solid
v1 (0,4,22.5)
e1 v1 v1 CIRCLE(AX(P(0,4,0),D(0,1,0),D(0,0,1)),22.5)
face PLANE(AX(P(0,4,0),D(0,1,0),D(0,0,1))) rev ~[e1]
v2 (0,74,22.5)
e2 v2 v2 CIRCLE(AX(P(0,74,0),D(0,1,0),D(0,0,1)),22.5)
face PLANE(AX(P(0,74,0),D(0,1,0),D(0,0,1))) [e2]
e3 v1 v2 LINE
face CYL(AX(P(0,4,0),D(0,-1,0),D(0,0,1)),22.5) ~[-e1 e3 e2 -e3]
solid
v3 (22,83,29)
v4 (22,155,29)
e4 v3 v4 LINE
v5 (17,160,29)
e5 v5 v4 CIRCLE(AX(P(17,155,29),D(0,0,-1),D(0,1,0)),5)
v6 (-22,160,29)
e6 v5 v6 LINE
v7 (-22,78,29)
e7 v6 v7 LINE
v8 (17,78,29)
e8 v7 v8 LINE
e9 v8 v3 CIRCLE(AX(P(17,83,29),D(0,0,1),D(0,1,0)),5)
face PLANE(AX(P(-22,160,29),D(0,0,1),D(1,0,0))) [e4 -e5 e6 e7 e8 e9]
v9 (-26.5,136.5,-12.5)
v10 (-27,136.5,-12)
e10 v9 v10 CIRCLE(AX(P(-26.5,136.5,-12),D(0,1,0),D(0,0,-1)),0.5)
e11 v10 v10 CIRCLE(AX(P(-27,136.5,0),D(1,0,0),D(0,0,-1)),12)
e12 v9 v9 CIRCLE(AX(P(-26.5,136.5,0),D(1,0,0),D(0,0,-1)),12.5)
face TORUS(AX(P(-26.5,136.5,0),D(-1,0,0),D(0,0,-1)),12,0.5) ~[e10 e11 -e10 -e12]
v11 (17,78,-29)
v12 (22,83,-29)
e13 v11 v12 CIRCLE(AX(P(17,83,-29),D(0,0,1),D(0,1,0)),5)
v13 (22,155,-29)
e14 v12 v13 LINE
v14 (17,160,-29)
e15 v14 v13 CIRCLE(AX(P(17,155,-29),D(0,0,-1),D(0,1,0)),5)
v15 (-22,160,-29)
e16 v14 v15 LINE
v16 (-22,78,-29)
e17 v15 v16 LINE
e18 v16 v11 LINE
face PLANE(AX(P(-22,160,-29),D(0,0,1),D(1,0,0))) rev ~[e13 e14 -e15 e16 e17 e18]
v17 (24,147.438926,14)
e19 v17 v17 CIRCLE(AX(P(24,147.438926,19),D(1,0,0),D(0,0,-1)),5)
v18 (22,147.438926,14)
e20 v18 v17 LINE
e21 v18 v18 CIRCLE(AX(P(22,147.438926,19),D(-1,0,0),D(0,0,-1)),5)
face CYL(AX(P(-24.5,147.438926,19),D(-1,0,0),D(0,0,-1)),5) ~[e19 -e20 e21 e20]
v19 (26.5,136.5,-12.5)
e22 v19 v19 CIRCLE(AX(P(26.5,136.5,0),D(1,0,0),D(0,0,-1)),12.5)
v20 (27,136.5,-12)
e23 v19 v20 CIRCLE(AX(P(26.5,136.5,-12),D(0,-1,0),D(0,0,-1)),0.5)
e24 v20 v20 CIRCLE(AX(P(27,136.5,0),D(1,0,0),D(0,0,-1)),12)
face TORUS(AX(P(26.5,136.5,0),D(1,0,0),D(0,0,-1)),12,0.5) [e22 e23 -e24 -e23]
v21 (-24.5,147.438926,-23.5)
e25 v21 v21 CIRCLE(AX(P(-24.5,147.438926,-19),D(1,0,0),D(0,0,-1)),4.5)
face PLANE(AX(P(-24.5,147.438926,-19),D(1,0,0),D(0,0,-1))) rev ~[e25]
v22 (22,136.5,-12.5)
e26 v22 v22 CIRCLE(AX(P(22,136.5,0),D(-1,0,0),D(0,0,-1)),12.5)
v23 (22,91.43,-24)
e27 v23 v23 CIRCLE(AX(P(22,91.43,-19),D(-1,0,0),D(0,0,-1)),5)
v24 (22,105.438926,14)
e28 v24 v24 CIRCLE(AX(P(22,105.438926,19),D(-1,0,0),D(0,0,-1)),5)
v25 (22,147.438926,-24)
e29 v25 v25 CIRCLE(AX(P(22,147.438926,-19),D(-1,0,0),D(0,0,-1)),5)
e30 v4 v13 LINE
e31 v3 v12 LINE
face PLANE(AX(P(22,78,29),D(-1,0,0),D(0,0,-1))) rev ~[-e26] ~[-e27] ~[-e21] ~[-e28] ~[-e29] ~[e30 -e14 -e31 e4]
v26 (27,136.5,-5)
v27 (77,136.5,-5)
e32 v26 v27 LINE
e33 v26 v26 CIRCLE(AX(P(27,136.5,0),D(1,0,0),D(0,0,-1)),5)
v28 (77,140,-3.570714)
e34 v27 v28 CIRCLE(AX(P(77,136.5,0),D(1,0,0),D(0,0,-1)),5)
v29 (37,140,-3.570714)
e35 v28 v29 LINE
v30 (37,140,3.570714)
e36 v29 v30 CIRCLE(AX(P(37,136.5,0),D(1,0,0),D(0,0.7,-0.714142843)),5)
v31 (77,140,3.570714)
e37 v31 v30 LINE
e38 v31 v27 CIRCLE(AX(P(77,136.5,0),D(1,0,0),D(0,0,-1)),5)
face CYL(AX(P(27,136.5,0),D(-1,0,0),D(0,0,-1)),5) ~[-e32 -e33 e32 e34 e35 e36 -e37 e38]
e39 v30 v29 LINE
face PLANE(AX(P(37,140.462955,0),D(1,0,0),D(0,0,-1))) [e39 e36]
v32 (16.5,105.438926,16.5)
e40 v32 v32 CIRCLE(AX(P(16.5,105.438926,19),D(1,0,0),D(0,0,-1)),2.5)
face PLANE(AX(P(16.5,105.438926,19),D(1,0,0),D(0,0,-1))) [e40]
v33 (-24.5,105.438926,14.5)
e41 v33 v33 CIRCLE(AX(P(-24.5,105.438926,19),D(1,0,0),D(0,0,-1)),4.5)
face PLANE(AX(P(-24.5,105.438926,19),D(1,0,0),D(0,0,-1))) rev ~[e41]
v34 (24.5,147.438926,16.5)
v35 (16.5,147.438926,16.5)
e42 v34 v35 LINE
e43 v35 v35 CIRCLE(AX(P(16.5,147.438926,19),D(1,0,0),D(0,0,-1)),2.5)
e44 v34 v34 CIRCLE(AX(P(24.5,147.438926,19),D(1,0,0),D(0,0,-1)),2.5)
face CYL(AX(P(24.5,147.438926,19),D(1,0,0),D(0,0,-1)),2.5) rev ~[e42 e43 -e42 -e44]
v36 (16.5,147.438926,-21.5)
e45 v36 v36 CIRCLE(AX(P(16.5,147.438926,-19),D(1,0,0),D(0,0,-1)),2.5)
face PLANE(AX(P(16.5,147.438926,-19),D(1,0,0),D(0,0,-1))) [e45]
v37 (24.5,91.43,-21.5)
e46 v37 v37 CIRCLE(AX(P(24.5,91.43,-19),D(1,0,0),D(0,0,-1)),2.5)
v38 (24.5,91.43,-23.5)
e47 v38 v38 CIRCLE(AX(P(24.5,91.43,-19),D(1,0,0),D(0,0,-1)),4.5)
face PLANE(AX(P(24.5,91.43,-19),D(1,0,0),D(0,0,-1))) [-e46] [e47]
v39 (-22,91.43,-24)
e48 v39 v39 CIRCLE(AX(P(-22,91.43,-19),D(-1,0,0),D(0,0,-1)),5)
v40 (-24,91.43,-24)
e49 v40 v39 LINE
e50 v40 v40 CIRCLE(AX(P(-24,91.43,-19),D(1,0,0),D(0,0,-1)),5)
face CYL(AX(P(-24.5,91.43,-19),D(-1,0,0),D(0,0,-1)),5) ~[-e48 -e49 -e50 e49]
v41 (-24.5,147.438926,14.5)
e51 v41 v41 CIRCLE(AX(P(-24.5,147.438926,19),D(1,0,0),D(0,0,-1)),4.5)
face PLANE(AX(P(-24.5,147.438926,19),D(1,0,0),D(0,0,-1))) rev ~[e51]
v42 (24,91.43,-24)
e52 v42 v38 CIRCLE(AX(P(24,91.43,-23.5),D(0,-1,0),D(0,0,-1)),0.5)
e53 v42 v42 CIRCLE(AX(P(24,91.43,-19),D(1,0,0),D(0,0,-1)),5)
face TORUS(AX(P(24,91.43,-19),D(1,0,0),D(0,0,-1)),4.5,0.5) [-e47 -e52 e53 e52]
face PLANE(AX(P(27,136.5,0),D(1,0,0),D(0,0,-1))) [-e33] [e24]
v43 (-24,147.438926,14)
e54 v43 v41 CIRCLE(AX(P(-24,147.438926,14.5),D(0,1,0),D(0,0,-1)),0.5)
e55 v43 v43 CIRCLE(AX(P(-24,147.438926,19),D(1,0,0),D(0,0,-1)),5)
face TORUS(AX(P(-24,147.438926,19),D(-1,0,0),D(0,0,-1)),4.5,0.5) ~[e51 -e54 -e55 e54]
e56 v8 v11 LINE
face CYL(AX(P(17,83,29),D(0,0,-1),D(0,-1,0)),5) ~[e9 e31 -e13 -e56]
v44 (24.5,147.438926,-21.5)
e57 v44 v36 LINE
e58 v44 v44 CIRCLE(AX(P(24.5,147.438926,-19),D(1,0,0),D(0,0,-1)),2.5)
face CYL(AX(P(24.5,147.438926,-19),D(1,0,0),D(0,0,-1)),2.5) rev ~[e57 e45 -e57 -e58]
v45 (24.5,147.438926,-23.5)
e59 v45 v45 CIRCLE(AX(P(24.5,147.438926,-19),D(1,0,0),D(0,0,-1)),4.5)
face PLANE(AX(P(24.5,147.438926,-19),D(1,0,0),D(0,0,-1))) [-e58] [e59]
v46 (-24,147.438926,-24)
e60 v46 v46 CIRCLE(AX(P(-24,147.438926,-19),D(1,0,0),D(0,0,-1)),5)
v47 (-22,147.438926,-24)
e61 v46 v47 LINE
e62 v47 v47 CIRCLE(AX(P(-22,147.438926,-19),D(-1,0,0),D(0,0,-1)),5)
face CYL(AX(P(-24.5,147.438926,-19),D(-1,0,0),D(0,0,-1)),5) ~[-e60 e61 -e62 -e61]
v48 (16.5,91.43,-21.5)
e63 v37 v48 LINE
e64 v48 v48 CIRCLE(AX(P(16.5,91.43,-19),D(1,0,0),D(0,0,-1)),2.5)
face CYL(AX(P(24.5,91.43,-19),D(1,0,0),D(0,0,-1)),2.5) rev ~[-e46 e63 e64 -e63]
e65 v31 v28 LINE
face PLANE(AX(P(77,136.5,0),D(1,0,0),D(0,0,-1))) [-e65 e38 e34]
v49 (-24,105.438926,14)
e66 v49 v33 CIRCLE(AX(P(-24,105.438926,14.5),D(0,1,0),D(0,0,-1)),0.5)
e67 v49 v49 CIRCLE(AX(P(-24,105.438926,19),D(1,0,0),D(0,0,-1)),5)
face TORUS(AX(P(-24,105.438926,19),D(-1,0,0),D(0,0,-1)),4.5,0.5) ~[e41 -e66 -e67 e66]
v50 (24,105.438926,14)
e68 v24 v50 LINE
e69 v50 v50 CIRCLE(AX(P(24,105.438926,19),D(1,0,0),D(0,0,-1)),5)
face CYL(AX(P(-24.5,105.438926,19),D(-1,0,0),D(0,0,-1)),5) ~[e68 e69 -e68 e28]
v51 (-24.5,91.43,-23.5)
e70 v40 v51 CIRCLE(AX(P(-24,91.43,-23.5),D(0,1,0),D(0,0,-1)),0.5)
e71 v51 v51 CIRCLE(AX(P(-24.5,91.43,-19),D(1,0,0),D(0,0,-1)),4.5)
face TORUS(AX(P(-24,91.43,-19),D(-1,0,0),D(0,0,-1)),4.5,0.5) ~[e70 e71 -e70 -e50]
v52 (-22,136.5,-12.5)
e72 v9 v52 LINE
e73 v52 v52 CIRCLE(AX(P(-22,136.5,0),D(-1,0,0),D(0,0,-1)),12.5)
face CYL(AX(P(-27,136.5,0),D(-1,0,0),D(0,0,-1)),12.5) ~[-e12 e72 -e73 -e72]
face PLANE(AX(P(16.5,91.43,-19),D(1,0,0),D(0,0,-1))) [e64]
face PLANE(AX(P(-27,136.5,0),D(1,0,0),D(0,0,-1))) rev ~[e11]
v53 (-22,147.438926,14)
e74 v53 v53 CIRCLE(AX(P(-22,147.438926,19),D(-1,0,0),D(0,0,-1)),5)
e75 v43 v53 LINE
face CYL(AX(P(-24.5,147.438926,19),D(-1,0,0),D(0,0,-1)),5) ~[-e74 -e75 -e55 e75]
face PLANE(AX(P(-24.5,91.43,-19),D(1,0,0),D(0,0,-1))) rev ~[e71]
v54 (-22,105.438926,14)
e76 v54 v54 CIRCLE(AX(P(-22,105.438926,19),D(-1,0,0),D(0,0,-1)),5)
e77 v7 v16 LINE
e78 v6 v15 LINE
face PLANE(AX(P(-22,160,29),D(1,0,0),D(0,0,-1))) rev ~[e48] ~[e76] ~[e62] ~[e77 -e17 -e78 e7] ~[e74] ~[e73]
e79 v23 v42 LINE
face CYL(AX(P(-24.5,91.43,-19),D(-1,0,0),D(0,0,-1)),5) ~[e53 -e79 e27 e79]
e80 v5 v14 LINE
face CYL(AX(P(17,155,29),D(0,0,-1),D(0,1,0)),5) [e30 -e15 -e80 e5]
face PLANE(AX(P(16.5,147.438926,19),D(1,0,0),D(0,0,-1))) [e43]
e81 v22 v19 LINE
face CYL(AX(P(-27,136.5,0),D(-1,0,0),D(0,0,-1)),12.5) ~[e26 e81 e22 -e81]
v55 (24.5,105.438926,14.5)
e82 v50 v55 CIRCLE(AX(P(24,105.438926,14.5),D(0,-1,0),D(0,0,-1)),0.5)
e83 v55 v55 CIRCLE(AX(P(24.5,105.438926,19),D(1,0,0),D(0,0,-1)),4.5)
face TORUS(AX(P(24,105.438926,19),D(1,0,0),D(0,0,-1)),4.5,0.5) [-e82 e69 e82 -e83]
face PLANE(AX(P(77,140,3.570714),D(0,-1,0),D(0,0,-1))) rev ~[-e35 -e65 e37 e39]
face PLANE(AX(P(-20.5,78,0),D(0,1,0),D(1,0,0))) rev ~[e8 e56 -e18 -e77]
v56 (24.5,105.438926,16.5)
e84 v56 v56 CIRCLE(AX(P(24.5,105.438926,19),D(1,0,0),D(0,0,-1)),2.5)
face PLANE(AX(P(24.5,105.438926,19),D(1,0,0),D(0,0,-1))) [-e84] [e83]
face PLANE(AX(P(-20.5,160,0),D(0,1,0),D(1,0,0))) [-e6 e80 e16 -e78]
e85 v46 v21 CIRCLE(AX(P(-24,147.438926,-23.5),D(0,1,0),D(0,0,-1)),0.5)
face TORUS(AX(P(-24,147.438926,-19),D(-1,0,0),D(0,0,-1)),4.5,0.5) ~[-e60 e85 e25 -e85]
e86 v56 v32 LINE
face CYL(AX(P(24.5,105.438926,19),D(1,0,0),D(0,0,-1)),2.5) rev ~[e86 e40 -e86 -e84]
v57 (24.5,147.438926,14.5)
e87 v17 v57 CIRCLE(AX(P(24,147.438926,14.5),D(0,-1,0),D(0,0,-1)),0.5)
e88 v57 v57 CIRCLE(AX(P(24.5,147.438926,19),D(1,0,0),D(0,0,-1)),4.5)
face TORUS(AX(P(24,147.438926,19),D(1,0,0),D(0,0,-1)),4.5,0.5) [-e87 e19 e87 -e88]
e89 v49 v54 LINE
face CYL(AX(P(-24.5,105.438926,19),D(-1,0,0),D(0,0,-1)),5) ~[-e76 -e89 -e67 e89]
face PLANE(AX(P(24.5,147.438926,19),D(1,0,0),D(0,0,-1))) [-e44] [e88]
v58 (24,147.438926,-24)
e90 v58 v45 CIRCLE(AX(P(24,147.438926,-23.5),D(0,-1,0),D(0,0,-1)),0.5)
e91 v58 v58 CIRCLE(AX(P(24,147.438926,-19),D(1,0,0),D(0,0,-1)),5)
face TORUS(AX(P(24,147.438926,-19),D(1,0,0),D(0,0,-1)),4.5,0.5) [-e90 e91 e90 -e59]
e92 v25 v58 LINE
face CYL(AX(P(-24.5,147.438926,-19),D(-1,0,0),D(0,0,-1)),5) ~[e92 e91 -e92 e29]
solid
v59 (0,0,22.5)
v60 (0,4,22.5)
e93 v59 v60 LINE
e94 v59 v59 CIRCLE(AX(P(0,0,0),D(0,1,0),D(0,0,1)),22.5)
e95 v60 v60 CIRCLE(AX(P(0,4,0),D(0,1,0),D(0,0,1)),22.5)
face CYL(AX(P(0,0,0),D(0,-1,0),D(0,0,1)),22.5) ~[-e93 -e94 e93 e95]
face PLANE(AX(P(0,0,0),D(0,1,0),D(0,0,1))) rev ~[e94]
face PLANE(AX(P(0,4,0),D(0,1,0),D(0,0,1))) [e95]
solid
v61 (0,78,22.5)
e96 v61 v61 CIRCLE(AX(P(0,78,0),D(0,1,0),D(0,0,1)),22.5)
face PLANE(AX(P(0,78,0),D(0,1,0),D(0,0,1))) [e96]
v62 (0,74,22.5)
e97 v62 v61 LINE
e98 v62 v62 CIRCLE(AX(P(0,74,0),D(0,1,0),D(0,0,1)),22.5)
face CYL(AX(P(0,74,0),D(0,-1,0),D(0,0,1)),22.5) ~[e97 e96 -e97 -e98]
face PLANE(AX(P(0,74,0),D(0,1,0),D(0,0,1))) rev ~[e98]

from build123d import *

# Parameters (mm, degrees)
SKETCH1_R                = 22.5
BOSS_EXTRUDE1_DEPTH      = 4
SKETCH2_R                = 22.5
BOSS_EXTRUDE2_DEPTH      = 70
SKETCH3_R                = 22.5
BOSS_EXTRUDE3_DEPTH      = 4
SKETCH4_W                = 44
SKETCH4_H                = 58
BOSS_EXTRUDE4_DEPTH      = 82
SKETCH5_W                = 3
SKETCH5_H                = 58
CUT_EXTRUDE1_DEPTH       = 82
SKETCH6_W                = 3
SKETCH6_H                = 58
BOSS_EXTRUDE5_DEPTH      = 82
BOSS_EXTRUDE6_DEPTH      = 5
BOSS_EXTRUDE6_DEPTH_BACK = 49
SKETCH7_R                = 12.5
SKETCH8_R                = 5
BOSS_EXTRUDE7_DEPTH      = 50
CUT_EXTRUDE2_DEPTH       = 40
BOSS_EXTRUDE8_DEPTH      = 2.5
BOSS_EXTRUDE8_DEPTH_BACK = 46.5
SKETCH10_R               = 5
SKETCH11_R               = 2.5
CUT_EXTRUDE3_DEPTH       = 8
FILLET1_R                = 5
FILLET2_R                = 0.5


with BuildPart() as part:
    # Sketch1 → Boss-Extrude1 (new body)
    with BuildSketch(Plane(origin=(0, 0, 0), x_dir=(1, 0, 0), z_dir=(0, 1, 0))):
        with Locations(Location((0, 0, 0), (0, 0, 270))):
            Circle(SKETCH1_R)
    extrude(amount=BOSS_EXTRUDE1_DEPTH)


with BuildPart() as body_2:
    # Sketch2 → Boss-Extrude2 (new body)
    with BuildSketch(Plane(origin=(0, 4, 0), x_dir=(1, 0, 0), z_dir=(0, 1, 0))):
        with Locations(Location((0, 0, 0), (0, 0, 270))):
            Circle(SKETCH2_R)
    extrude(amount=BOSS_EXTRUDE2_DEPTH)


with BuildPart() as body_3:
    # Sketch3 → Boss-Extrude3 (new body)
    with BuildSketch(Plane(origin=(0, 74, 0), x_dir=(1, 0, 0), z_dir=(0, 1, 0))):
        with Locations(Location((0, 0, 0), (0, 0, 270))):
            Circle(SKETCH3_R)
    extrude(amount=BOSS_EXTRUDE3_DEPTH)


with BuildPart() as body_4:
    # Sketch4 → Boss-Extrude4 (new body)
    with BuildSketch(Plane(origin=(0, 78, 0), x_dir=(1, 0, 0), z_dir=(0, 1, 0))):
        Rectangle(SKETCH4_W, SKETCH4_H)
    extrude(amount=BOSS_EXTRUDE4_DEPTH)

    # Sketch5 → Cut-Extrude1 (cut)
    with BuildSketch(Plane(origin=(0, 160, 0), x_dir=(1, 0, 0), z_dir=(0, 1, 0))):
        with Locations((-20.5, 0)):
            Rectangle(SKETCH5_W, SKETCH5_H)
    extrude(amount=-CUT_EXTRUDE1_DEPTH, mode=Mode.SUBTRACT)

    # Sketch7 → Boss-Extrude6 (add, two sides: drawn at the far end of the back side and taken through both)
    with BuildSketch(Plane(origin=(22, 0, 0), x_dir=(0, 0, -1), z_dir=(1, 0, 0)).offset(-BOSS_EXTRUDE6_DEPTH_BACK)):
        with Locations((0, 136.5)):
            Circle(SKETCH7_R)
    extrude(amount=BOSS_EXTRUDE6_DEPTH + BOSS_EXTRUDE6_DEPTH_BACK)

    # Sketch8 → Boss-Extrude7 (add)
    with BuildSketch(Plane(origin=(27, 0, 0), x_dir=(0, 0, -1), z_dir=(1, 0, 0))):
        with Locations((0, 136.5)):
            Circle(SKETCH8_R)
    extrude(amount=BOSS_EXTRUDE7_DEPTH)

    # Sketch9 → Cut-Extrude2 (cut)
    with BuildSketch(Plane(origin=(77, 0, 0), x_dir=(0, 0, -1), z_dir=(1, 0, 0))):
        with BuildLine():
            Line((-3.570714214, 140), (3.570714214, 140))
            ThreePointArc((3.570714214, 140), (0, 141.5), (-3.570714214, 140))
        make_face()
    extrude(amount=-CUT_EXTRUDE2_DEPTH, mode=Mode.SUBTRACT)



with BuildPart() as body_5:
    # Sketch6 → Boss-Extrude5 (new body)
    with BuildSketch(Plane(origin=(0, 160, 0), x_dir=(1, 0, 0), z_dir=(0, 1, 0))):
        with Locations((-20.5, 0)):
            Rectangle(SKETCH6_W, SKETCH6_H)
    extrude(amount=-BOSS_EXTRUDE5_DEPTH)


with BuildPart() as body_4_1:
    add(body_4.part)

    add(body_5.part)  # Boss-Extrude8 merges body 5
    # Sketch10 → Boss-Extrude8 (add, two sides: drawn at the far end of the back side and taken through both)
    with BuildSketch(Plane(origin=(22, 0, 0), x_dir=(0, 0, -1), z_dir=(1, 0, 0)).offset(-BOSS_EXTRUDE8_DEPTH_BACK)):
        with Locations((-19, 147.438925726)):
            Circle(SKETCH10_R)
        with Locations((-19, 105.438925726)):
            Circle(SKETCH10_R)
        with Locations((19, 147.438925726)):
            Circle(SKETCH10_R)
        with Locations((19, 91.43)):
            Circle(SKETCH10_R)
    extrude(amount=BOSS_EXTRUDE8_DEPTH + BOSS_EXTRUDE8_DEPTH_BACK)

    # Sketch11 → Cut-Extrude3 (cut)
    with BuildSketch(Plane(origin=(24.5, 0, 0), x_dir=(0, 0, -1), z_dir=(1, 0, 0))):
        with Locations((-19, 147.438925726)):
            Circle(SKETCH11_R)
        with Locations((19, 147.438925726)):
            Circle(SKETCH11_R)
        with Locations((19, 91.43)):
            Circle(SKETCH11_R)
        with Locations((-19, 105.438925726)):
            Circle(SKETCH11_R)
    extrude(amount=-CUT_EXTRUDE3_DEPTH, mode=Mode.SUBTRACT)

    # Fillet1
    fillet1_edges = [body_4_1.edges().sort_by_distance(p)[0] for p in [
        (22, 78, 0),
        (22, 160, 0),
    ]]
    fillet(fillet1_edges, radius=FILLET1_R)

    # Fillet2
    fillet2_edges = [body_4_1.edges().sort_by_distance(p)[0] for p in [
        (-24.5, 147.438925726, 24),
        (24.5, 147.438925726, 24),
        (-27, 136.5, 12.5),
        (27, 136.5, 12.5),
        (-24.5, 105.438925726, 24),
        (24.5, 105.438925726, 24),
        (-24.5, 147.438925726, -14),
        (24.5, 147.438925726, -14),
        (-24.5, 91.43, -14),
        (24.5, 91.43, -14),
    ]]
    fillet(fillet2_edges, radius=FILLET2_R)


solid = Compound([part.part, body_2.part, body_3.part, body_4_1.part])
